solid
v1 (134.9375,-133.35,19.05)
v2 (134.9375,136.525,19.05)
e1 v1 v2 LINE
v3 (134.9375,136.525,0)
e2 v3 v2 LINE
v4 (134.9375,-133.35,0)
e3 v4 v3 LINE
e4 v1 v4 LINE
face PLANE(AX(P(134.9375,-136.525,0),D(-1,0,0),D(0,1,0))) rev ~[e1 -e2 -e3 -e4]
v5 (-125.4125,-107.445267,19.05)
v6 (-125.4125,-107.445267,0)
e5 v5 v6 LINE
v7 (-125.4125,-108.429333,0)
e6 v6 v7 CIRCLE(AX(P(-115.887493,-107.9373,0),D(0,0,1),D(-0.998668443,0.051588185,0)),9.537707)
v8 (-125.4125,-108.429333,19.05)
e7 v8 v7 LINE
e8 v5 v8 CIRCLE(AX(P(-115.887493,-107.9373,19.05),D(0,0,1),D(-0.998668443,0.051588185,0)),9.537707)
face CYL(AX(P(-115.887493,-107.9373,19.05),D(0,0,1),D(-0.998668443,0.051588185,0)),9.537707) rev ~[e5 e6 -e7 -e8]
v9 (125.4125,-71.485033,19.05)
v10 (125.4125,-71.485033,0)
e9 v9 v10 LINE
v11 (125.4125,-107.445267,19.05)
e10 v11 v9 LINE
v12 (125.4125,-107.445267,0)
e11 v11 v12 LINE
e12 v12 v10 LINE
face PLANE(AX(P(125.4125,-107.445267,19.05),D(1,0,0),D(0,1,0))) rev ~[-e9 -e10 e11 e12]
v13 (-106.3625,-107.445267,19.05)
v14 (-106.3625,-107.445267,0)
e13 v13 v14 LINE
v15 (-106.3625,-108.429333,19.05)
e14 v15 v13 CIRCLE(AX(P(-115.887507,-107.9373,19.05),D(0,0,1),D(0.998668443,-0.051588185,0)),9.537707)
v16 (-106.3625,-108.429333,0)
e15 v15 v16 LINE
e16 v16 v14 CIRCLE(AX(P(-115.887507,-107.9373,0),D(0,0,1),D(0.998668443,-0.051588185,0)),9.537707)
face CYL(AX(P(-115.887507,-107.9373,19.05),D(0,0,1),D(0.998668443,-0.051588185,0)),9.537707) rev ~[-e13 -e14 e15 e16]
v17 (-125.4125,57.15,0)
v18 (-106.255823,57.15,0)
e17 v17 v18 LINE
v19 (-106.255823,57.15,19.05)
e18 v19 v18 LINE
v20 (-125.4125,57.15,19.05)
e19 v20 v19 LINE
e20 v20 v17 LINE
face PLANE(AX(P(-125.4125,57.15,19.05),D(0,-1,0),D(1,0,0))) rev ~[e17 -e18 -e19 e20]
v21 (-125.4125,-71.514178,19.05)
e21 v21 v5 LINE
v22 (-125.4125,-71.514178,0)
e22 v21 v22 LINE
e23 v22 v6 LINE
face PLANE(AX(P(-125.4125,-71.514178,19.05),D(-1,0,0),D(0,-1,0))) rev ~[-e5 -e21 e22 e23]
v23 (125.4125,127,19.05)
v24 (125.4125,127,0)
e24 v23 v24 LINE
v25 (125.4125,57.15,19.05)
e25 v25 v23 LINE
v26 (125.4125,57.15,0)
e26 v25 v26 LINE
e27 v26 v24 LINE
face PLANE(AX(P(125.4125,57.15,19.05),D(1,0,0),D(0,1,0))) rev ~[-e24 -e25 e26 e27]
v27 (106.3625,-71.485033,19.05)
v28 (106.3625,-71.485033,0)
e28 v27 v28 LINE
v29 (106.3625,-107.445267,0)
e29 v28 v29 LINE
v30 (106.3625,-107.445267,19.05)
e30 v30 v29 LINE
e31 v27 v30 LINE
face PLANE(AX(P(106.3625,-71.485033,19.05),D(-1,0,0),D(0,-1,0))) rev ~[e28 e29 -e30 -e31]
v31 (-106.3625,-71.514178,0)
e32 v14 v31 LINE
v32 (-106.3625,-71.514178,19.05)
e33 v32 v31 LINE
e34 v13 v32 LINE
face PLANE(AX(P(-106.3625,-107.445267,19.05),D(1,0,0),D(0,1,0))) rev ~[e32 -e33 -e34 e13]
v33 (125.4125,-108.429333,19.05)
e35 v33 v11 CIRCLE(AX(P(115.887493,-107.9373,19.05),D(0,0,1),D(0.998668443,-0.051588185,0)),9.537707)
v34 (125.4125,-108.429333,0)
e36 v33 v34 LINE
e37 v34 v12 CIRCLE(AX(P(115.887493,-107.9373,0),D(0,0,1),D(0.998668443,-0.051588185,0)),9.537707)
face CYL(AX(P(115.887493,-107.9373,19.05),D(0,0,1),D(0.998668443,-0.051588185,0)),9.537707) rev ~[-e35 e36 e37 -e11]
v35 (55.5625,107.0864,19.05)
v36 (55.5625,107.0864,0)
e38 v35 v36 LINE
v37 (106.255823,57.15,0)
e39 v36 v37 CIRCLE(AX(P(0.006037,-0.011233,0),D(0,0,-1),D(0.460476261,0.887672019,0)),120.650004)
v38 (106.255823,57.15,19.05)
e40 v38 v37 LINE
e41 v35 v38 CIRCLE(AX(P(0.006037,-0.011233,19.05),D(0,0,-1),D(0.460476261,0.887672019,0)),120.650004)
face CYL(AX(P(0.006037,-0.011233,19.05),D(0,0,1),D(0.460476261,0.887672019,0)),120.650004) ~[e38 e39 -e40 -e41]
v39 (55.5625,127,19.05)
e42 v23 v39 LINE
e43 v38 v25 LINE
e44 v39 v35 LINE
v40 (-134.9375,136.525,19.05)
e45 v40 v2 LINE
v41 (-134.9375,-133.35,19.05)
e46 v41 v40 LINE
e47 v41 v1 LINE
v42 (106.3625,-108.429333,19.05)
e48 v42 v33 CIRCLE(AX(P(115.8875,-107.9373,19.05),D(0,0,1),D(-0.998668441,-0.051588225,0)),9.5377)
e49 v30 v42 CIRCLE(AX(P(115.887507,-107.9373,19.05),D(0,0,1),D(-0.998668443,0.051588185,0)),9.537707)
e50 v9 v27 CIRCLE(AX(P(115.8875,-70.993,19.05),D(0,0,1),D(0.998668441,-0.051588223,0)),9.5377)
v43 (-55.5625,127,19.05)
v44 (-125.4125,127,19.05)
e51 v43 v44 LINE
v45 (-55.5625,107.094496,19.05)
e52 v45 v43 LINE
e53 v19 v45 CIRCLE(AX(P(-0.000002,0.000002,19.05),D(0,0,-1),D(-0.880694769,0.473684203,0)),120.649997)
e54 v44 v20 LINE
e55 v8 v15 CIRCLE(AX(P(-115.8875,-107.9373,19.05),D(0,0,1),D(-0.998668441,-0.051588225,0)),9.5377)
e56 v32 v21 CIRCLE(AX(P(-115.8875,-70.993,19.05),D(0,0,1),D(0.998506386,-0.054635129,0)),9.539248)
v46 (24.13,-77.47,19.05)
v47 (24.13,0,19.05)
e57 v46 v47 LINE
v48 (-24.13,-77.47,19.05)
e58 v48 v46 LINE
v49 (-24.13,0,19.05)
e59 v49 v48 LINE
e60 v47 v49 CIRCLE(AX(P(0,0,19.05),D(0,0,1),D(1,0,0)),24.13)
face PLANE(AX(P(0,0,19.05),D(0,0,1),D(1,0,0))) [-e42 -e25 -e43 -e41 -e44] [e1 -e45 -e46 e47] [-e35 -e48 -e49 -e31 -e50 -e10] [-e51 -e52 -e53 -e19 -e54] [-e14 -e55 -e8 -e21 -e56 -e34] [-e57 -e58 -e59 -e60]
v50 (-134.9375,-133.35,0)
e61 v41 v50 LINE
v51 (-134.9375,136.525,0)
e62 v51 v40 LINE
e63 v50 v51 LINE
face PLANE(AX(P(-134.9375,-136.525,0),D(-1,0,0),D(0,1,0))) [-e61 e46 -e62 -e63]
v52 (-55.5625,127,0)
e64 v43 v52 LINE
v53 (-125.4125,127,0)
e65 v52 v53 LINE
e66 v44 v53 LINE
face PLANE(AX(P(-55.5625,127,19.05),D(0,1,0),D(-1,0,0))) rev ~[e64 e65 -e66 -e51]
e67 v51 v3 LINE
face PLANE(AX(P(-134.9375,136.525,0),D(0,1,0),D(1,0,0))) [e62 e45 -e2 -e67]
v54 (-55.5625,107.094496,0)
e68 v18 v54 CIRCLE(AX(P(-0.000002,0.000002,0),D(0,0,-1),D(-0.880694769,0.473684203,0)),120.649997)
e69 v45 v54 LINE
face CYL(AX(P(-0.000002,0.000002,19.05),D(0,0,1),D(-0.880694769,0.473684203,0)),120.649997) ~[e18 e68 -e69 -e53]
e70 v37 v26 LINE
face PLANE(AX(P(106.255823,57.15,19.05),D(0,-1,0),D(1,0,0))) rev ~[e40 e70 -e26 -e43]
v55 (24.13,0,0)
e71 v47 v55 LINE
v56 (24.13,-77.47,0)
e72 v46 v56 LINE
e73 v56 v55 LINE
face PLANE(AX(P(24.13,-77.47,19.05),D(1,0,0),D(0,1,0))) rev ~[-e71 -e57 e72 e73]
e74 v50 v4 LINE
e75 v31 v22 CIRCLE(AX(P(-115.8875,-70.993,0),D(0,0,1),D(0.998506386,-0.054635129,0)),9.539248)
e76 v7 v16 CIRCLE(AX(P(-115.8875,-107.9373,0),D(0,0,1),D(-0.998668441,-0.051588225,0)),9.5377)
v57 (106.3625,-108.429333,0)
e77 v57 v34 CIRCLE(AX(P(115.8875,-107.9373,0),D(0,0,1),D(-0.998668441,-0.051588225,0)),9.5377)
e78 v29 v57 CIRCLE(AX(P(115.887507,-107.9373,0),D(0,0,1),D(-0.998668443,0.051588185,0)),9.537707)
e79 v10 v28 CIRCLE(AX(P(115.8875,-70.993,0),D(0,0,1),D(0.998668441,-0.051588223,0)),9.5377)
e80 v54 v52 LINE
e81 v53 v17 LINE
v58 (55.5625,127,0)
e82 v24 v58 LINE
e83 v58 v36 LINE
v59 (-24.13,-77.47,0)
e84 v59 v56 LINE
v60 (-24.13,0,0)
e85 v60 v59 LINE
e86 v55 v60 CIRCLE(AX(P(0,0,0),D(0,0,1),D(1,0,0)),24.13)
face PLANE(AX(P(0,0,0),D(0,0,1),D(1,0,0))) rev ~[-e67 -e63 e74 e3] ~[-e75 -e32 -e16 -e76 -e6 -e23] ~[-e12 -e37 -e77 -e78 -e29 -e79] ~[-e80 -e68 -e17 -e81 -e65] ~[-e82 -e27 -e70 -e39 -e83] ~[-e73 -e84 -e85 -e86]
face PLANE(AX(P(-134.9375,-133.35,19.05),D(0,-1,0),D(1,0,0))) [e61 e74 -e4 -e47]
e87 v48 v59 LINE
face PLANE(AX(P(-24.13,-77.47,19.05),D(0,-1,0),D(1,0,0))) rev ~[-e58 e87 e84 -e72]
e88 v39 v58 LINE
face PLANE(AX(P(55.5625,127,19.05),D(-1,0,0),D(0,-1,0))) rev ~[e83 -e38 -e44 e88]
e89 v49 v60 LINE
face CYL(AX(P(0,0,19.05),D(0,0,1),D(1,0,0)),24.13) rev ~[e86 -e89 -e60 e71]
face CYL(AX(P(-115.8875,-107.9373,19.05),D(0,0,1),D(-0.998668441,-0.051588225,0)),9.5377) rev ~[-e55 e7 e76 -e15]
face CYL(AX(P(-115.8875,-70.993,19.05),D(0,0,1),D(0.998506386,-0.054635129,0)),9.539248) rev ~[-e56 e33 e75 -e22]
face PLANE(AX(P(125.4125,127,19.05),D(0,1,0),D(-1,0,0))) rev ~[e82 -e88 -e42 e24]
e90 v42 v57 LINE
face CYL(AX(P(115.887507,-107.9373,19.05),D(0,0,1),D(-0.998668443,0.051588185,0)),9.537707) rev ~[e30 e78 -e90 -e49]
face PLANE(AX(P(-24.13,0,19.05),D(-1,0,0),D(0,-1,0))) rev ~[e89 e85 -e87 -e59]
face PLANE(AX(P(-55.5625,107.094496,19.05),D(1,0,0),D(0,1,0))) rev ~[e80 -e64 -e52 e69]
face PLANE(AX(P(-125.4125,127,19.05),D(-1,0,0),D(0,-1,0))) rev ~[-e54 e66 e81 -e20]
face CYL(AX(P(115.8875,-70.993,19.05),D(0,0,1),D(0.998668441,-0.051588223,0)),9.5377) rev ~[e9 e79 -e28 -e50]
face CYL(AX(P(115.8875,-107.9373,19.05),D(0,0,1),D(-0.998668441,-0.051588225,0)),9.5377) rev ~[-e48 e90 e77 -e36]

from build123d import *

# Parameters (mm, degrees)
F0_W     = 269.875
F0_H     = 273.05
F1_DEPTH = 19.05
F3_DEPTH = 19.05
F5_DEPTH = 19.05
F7_DEPTH = 19.05
F8_W     = 269.875
F8_H     = 3.175
F9_DEPTH = 19.05


with BuildPart() as f1:
    # F0 (on Top) → F1 (new body)
    with BuildSketch(Plane.XY):
        Rectangle(F0_W, F0_H)
    extrude(amount=F1_DEPTH)

    # F2 (on face) → F3 (cut, through all)
    with BuildSketch(Plane.XY.offset(19.05)):
        with BuildLine():
            ThreePointArc((-106.255823, 57.15), (-84.675295, 85.944848), (-55.5625, 107.094496))
            Line((-55.5625, 107.094496), (-55.5625, 127))
            Line((-55.5625, 127), (-125.4125, 127))
            Line((-125.4125, 127), (-125.4125, 57.15))
            Line((-125.4125, 57.15), (-106.255823, 57.15))
        make_face()
        with BuildLine():
            Line((125.4125, 57.15), (125.4125, 127))
            Line((125.4125, 127), (55.5625, 127))
            Line((55.5625, 127), (55.5625, 107.0864))
            ThreePointArc((55.5625, 107.0864), (84.67437, 85.94048), (106.255823, 57.15))
            Line((106.255823, 57.15), (125.4125, 57.15))
        make_face()
    extrude(amount=-F3_DEPTH, mode=Mode.SUBTRACT)

    # F4 (on face) → F5 (cut, through all)
    with BuildSketch(Plane.XY.offset(19.05)):
        with BuildLine():
            ThreePointArc((-125.4125, -107.445267), (-125.4252, -107.9373), (-125.4125, -108.429333))
            Line((-125.4125, -108.429333), (-125.4125, -107.445267))
        make_face()
        with BuildLine():
            Line((-125.4125, -107.445267), (-125.4125, -108.429333))
            ThreePointArc((-125.4125, -108.429333), (-115.8875, -117.475), (-106.3625, -108.429333))
            Line((-106.3625, -108.429333), (-106.3625, -107.445267))
            Line((-106.3625, -107.445267), (-106.3625, -71.514178))
            ThreePointArc((-106.3625, -71.514178), (-115.8875, -61.453752), (-125.4125, -71.514178))
            Line((-125.4125, -71.514178), (-125.4125, -107.445267))
        make_face()
        with BuildLine():
            Line((-106.3625, -107.445267), (-106.3625, -108.429333))
            ThreePointArc((-106.3625, -108.429333), (-106.3498, -107.9373), (-106.3625, -107.445267))
        make_face()
        with BuildLine():
            Line((106.3625, -71.485033), (106.3625, -70.993))
            Line((106.3625, -70.993), (125.4125, -70.993))
            Line((125.4125, -70.993), (125.4125, -71.485033))
            ThreePointArc((125.4125, -71.485033), (115.8875, -61.4553), (106.3625, -71.485033))
        make_face()
        with BuildLine():
            Line((125.4125, -70.993), (106.3625, -70.993))
            Line((106.3625, -70.993), (106.3625, -71.485033))
            Line((106.3625, -71.485033), (106.3625, -107.445267))
            Line((106.3625, -107.445267), (106.3625, -108.429333))
            ThreePointArc((106.3625, -108.429333), (115.8875, -117.475), (125.4125, -108.429333))
            Line((125.4125, -108.429333), (125.4125, -107.445267))
            Line((125.4125, -107.445267), (125.4125, -71.485033))
            Line((125.4125, -71.485033), (125.4125, -70.993))
        make_face()
        with BuildLine():
            Line((106.3625, -108.429333), (106.3625, -107.445267))
            ThreePointArc((106.3625, -107.445267), (106.3498, -107.9373), (106.3625, -108.429333))
        make_face()
        with BuildLine():
            ThreePointArc((125.4125, -108.429333), (125.4252, -107.9373), (125.4125, -107.445267))
            Line((125.4125, -107.445267), (125.4125, -108.429333))
        make_face()
    extrude(amount=-F5_DEPTH, mode=Mode.SUBTRACT)

    # F6 (on face) → F7 (cut, through all)
    with BuildSketch(Plane.XY.offset(19.05)):
        with BuildLine():
            Line((24.13, -77.47), (24.13, 0))
            ThreePointArc((24.13, 0), (0, 24.13), (-24.13, 0))
            Line((-24.13, 0), (-24.13, -77.47))
            Line((-24.13, -77.47), (24.13, -77.47))
        make_face()
    extrude(amount=-F7_DEPTH, mode=Mode.SUBTRACT)

    # F8 (on face) → F9 (cut, through all)
    with BuildSketch(Plane.XY.offset(19.05)):
        with Locations((0, -134.9375)):
            Rectangle(F8_W, F8_H)
    extrude(amount=-F9_DEPTH, mode=Mode.SUBTRACT)


solid = f1.part
